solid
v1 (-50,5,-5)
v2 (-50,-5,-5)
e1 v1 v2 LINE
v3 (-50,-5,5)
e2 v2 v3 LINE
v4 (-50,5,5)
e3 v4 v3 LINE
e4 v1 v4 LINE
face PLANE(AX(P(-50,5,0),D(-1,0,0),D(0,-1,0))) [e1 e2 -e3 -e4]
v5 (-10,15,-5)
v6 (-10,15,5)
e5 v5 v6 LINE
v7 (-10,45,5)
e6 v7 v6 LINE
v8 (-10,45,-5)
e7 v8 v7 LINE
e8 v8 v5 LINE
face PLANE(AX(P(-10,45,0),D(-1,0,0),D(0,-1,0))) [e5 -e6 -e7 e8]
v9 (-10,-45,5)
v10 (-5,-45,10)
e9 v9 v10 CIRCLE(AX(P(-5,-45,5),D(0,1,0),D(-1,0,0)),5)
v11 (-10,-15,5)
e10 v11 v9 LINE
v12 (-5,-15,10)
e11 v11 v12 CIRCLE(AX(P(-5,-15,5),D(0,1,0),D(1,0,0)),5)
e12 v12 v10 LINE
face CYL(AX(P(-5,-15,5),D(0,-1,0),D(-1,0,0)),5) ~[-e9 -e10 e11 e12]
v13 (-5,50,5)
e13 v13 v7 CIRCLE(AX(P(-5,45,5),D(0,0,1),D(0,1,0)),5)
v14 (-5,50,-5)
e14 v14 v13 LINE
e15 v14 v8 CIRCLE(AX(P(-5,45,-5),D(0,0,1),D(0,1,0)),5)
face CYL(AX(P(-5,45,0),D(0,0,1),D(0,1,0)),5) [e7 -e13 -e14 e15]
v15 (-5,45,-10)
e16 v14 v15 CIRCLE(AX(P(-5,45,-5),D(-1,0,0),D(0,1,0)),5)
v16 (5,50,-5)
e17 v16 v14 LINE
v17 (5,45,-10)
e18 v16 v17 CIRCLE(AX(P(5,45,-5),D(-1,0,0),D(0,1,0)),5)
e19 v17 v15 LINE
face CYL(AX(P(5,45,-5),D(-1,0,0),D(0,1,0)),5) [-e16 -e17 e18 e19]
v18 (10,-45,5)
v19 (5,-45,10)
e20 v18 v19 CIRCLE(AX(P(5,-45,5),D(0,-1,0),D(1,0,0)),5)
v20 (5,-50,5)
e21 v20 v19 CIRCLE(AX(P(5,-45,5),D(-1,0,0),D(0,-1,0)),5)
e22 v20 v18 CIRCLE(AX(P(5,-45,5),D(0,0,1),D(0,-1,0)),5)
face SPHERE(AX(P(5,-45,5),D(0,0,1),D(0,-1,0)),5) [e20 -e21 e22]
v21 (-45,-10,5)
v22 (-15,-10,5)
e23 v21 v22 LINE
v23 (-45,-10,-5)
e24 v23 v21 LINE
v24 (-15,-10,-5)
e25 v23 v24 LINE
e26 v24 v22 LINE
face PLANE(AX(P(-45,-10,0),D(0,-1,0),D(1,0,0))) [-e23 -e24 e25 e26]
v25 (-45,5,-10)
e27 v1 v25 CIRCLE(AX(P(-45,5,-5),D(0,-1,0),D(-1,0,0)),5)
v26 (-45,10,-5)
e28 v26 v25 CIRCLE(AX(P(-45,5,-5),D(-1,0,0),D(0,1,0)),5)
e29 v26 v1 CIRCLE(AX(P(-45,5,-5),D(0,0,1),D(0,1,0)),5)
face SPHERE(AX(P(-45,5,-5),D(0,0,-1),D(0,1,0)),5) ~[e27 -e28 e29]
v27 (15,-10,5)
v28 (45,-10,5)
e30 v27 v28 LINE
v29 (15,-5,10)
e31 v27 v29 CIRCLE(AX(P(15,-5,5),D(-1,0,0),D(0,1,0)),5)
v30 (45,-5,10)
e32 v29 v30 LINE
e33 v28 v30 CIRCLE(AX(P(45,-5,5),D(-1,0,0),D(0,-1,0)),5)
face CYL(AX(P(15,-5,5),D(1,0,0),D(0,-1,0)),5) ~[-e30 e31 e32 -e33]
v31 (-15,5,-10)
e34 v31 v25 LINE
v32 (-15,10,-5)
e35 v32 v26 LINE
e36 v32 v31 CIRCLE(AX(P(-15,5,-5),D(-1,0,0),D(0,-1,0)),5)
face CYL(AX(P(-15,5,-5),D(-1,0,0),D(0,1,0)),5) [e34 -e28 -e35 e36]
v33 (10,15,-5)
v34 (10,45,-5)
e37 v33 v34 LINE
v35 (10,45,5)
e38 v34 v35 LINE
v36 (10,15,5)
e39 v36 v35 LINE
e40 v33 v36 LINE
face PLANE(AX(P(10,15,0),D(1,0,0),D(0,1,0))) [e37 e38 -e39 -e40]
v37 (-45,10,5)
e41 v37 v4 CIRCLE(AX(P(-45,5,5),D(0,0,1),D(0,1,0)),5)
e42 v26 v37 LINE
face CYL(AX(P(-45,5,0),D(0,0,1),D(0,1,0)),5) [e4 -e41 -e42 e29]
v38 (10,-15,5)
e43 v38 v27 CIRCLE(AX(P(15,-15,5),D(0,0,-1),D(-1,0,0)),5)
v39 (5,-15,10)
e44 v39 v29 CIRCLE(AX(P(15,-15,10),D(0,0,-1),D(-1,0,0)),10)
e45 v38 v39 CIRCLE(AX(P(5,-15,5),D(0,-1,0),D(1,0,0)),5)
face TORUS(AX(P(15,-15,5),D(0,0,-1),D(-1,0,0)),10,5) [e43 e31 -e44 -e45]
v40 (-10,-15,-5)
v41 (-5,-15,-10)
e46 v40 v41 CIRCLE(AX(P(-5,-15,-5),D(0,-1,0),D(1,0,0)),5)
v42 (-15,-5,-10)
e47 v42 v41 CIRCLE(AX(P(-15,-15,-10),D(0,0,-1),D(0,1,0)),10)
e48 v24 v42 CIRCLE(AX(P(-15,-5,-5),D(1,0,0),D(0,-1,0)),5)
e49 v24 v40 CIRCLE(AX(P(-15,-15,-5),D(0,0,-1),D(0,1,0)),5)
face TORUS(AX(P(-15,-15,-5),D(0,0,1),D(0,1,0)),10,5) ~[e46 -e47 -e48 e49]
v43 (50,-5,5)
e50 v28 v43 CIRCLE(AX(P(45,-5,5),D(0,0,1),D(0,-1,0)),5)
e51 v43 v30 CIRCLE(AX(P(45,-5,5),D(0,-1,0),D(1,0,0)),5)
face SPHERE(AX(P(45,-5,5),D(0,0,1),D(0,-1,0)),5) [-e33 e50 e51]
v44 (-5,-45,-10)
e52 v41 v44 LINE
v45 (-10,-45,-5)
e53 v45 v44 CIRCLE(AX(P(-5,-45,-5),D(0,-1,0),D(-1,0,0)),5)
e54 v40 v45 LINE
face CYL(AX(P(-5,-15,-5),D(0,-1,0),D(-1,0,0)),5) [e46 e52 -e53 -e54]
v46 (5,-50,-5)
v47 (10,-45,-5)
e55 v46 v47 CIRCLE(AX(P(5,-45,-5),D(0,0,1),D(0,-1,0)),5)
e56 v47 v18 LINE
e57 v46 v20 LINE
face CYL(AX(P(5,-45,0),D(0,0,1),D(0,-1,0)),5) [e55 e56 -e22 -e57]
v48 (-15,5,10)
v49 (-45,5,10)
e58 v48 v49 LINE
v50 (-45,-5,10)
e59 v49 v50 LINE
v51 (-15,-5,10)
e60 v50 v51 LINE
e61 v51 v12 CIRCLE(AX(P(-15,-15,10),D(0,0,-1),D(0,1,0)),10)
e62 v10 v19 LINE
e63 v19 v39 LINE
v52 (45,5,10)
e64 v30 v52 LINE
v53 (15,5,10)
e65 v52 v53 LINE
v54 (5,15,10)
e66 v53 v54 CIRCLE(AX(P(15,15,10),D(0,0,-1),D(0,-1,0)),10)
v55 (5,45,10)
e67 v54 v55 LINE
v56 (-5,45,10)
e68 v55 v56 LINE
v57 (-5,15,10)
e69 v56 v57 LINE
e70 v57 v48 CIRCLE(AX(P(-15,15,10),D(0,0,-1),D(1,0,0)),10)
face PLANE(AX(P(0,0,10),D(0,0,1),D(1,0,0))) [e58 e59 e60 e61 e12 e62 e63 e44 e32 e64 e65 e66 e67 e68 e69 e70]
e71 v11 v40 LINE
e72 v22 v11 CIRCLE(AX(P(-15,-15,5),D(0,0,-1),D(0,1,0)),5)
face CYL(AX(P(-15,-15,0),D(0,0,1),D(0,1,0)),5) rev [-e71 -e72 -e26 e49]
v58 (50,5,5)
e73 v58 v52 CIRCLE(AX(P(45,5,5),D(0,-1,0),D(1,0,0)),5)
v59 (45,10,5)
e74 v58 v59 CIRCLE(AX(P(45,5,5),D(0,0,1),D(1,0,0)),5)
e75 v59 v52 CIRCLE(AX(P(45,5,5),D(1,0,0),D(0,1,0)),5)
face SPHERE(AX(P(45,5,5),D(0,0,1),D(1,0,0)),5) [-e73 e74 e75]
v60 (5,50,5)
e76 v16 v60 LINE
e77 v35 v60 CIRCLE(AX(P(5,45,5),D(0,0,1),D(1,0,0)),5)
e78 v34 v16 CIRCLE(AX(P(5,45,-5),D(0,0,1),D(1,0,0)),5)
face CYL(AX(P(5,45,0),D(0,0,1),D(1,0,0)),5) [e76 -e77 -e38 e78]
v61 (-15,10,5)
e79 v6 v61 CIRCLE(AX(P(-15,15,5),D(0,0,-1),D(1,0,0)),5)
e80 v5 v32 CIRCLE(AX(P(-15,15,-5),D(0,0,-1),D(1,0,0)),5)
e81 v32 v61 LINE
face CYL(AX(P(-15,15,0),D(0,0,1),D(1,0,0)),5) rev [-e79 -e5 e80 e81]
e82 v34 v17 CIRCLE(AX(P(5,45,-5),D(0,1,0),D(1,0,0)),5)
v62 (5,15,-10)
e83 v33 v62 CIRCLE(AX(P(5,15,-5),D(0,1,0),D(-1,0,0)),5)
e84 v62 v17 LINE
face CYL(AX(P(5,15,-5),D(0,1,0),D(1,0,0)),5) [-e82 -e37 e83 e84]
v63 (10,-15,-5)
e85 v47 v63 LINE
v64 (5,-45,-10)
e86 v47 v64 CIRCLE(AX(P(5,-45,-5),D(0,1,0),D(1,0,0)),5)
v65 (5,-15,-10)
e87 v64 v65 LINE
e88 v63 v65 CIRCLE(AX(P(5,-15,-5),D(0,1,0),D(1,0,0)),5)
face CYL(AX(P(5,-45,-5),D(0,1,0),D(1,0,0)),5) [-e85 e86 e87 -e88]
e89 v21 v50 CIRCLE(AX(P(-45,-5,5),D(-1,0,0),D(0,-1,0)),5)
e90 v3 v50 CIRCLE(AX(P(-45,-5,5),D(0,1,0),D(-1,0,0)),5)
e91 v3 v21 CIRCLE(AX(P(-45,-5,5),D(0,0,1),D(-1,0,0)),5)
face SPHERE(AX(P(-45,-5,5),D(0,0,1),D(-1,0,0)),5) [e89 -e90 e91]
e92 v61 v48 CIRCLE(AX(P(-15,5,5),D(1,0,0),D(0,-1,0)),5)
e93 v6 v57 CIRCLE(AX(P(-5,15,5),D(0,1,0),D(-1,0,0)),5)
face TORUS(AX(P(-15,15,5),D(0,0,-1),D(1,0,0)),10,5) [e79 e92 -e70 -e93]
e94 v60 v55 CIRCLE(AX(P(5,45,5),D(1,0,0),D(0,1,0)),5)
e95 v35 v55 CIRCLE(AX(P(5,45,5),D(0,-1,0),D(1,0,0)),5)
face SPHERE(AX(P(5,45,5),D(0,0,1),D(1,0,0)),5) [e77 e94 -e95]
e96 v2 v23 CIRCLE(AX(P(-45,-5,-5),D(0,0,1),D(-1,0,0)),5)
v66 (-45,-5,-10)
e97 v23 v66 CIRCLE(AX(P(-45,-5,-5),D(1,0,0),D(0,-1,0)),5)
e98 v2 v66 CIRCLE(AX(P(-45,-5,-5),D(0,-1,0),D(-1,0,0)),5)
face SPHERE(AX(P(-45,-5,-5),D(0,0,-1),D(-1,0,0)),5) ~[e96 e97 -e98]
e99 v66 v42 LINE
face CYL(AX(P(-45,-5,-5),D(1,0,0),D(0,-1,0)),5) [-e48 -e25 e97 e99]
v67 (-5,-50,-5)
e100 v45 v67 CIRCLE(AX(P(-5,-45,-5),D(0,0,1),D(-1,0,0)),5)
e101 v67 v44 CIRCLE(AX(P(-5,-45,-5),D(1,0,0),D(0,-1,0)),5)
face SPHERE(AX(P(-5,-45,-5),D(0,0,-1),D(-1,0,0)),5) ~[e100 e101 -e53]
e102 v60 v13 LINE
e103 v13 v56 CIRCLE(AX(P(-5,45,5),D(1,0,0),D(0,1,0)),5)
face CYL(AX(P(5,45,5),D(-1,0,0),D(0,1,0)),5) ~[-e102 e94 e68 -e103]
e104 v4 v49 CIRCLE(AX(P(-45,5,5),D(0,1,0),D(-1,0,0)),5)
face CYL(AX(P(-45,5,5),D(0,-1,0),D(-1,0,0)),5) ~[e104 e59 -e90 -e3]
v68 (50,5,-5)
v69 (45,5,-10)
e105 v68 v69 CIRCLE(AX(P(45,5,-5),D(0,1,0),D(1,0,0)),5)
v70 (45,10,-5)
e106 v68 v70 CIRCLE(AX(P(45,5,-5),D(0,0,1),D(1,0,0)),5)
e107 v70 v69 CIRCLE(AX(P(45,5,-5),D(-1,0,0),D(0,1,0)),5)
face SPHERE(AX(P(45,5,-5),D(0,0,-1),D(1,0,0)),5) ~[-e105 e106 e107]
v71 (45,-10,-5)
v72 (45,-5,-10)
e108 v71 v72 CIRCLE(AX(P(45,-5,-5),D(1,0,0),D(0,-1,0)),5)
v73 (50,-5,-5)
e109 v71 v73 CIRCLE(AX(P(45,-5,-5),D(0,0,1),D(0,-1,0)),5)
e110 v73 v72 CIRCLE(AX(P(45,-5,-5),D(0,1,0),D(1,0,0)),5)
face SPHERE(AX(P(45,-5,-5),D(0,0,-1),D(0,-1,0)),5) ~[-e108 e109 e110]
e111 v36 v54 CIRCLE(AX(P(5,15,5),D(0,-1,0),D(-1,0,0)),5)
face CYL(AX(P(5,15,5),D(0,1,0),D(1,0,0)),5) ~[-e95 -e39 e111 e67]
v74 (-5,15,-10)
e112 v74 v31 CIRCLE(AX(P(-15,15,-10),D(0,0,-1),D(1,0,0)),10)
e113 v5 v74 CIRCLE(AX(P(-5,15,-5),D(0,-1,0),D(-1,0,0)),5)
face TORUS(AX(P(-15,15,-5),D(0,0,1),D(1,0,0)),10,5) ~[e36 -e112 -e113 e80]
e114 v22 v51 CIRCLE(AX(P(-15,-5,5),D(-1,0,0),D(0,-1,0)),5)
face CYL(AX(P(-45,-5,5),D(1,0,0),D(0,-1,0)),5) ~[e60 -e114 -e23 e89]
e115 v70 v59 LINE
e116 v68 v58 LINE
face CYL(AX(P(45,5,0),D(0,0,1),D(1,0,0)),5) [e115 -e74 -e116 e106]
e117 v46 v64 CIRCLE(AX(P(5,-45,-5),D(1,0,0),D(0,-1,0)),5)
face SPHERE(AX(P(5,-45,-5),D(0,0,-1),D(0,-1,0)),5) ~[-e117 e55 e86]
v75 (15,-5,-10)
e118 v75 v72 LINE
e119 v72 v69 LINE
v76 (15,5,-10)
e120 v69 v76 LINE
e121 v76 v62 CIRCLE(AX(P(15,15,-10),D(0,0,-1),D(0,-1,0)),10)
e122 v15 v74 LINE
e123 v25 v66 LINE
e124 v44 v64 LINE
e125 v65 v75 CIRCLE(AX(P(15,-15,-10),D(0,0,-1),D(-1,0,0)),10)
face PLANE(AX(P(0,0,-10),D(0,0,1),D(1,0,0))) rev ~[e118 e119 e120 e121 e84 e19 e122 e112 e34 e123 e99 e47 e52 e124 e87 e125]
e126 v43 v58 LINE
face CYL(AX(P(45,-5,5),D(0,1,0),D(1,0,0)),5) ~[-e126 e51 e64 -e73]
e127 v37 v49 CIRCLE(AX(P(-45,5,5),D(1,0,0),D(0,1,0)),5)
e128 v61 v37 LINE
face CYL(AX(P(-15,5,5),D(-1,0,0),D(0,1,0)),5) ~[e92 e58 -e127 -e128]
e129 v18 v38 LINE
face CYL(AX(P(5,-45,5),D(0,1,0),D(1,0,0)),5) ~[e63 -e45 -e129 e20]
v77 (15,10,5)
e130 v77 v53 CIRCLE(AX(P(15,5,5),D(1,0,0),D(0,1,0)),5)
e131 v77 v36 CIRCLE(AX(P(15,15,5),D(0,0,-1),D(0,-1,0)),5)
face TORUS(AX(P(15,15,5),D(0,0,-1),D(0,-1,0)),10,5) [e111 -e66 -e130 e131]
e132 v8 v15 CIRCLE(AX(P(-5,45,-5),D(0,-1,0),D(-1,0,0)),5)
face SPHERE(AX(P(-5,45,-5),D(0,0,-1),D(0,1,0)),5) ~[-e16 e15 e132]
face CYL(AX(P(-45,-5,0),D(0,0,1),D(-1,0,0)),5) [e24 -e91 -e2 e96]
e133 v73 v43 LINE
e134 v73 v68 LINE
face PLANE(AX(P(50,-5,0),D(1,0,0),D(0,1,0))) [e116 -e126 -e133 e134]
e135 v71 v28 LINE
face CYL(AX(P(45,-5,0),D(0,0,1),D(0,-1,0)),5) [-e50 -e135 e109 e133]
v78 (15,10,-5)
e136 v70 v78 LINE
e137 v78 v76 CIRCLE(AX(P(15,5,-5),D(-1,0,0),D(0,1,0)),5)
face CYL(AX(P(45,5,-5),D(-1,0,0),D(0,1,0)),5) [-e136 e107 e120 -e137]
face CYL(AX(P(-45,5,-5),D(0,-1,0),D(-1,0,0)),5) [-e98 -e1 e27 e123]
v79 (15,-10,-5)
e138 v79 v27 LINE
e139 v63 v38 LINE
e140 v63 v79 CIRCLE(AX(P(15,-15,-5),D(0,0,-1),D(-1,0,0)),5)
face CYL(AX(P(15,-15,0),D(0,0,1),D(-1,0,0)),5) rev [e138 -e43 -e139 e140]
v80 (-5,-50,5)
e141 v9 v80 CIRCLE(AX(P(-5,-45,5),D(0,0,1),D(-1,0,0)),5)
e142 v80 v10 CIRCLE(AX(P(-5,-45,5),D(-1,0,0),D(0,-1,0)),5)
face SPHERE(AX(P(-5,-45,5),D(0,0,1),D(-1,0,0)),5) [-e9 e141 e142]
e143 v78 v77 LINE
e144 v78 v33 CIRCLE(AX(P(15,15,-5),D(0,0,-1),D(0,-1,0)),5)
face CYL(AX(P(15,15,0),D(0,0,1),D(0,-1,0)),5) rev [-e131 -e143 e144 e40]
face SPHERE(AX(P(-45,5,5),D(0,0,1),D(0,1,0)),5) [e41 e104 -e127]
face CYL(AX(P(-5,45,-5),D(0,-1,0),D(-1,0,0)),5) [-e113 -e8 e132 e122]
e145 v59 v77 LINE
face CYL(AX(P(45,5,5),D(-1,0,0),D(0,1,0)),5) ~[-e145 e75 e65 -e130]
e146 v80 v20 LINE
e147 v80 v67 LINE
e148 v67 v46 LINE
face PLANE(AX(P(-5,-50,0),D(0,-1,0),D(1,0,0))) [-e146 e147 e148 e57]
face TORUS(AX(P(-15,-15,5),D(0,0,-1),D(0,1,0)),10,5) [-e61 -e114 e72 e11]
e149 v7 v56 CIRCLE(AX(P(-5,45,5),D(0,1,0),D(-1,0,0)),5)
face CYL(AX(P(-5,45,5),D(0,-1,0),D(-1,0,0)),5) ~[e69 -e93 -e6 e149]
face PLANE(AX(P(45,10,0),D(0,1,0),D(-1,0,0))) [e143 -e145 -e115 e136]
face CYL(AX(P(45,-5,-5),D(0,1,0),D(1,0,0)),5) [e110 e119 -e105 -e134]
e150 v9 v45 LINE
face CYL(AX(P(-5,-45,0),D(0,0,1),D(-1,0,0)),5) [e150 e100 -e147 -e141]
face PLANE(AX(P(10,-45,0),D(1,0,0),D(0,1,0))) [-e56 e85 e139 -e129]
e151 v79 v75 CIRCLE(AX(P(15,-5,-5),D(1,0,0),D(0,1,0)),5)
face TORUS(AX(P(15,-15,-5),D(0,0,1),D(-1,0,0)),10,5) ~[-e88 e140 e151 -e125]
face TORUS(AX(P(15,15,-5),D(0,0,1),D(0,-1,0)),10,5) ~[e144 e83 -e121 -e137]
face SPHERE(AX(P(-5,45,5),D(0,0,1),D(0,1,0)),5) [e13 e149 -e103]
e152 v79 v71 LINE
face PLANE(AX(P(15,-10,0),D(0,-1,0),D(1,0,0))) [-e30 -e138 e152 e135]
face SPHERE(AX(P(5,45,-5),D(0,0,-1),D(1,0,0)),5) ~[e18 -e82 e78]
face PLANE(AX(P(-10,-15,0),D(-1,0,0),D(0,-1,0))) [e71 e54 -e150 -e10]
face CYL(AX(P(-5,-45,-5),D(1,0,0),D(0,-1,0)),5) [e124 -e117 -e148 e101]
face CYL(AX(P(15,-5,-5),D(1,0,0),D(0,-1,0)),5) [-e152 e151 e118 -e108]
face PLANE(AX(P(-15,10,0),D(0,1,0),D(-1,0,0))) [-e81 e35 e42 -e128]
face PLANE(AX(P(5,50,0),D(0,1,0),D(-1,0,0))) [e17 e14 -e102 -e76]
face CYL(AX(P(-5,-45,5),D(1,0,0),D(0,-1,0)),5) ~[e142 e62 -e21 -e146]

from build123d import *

# Parameters (mm, degrees)
F1_DEPTH = 10
F2_R     = 5


with BuildPart() as f1:
    # F0 (on Top) → F1 (new body, symmetric)
    with BuildSketch(Plane.XY):
        with BuildLine():
            Line((-5, -50), (5, -50))
            ThreePointArc((5, -50), (8.5355339059, -48.5355339059), (10, -45))
            Line((10, -45), (10, -15))
            ThreePointArc((10, -15), (11.4644660941, -11.4644660941), (15, -10))
            Line((15, -10), (45, -10))
            ThreePointArc((45, -10), (48.5355339059, -8.5355339059), (50, -5))
            Line((50, -5), (50, 5))
            ThreePointArc((50, 5), (48.5355339059, 8.5355339059), (45, 10))
            Line((45, 10), (15, 10))
            ThreePointArc((15, 10), (11.4644660941, 11.4644660941), (10, 15))
            Line((10, 15), (10, 45))
            ThreePointArc((10, 45), (8.5355339059, 48.5355339059), (5, 50))
            Line((5, 50), (-5, 50))
            ThreePointArc((-5, 50), (-8.5355339059, 48.5355339059), (-10, 45))
            Line((-10, 45), (-10, 15))
            ThreePointArc((-10, 15), (-11.4644660941, 11.4644660941), (-15, 10))
            Line((-15, 10), (-45, 10))
            ThreePointArc((-45, 10), (-48.5355339059, 8.5355339059), (-50, 5))
            Line((-50, 5), (-50, -5))
            ThreePointArc((-50, -5), (-48.5355339059, -8.5355339059), (-45, -10))
            Line((-45, -10), (-15, -10))
            ThreePointArc((-15, -10), (-11.4644660941, -11.4644660941), (-10, -15))
            Line((-10, -15), (-10, -45))
            ThreePointArc((-10, -45), (-8.5355339059, -48.5355339059), (-5, -50))
        make_face()
    extrude(amount=F1_DEPTH, both=True)

    # F2
    f2_edges = [f1.edges().sort_by_distance(p)[0] for p in [
        (-30, -10, 10),
        (-11.464466, -11.464466, 10),
        (-10, -30, 10),
        (-8.535534, -48.535534, 10),
        (0, -50, 10),
        (8.535534, -48.535534, 10),
        (10, -30, 10),
        (11.464466, -11.464466, 10),
        (30, -10, 10),
        (48.535534, -8.535534, 10),
        (50, 0, 10),
        (48.535534, 8.535534, 10),
        (30, 10, 10),
        (11.464466, 11.464466, 10),
        (10, 30, 10),
        (8.535534, 48.535534, 10),
        (0, 50, 10),
        (-8.535534, 48.535534, 10),
        (-10, 30, 10),
        (-11.464466, 11.464466, 10),
        (-30, 10, 10),
        (-48.535534, 8.535534, 10),
        (-50, 0, 10),
        (-48.535534, -8.535534, 10),
        (-30, -10, -10),
        (-11.464466, -11.464466, -10),
        (-10, -30, -10),
        (-8.535534, -48.535534, -10),
        (0, -50, -10),
        (8.535534, -48.535534, -10),
        (10, -30, -10),
        (11.464466, -11.464466, -10),
        (30, -10, -10),
        (48.535534, -8.535534, -10),
        (50, 0, -10),
        (48.535534, 8.535534, -10),
        (30, 10, -10),
        (11.464466, 11.464466, -10),
        (10, 30, -10),
        (8.535534, 48.535534, -10),
        (0, 50, -10),
        (-8.535534, 48.535534, -10),
        (-10, 30, -10),
        (-11.464466, 11.464466, -10),
        (-30, 10, -10),
        (-48.535534, 8.535534, -10),
        (-50, 0, -10),
        (-48.535534, -8.535534, -10),
    ]]
    fillet(f2_edges, radius=F2_R)


solid = f1.part
